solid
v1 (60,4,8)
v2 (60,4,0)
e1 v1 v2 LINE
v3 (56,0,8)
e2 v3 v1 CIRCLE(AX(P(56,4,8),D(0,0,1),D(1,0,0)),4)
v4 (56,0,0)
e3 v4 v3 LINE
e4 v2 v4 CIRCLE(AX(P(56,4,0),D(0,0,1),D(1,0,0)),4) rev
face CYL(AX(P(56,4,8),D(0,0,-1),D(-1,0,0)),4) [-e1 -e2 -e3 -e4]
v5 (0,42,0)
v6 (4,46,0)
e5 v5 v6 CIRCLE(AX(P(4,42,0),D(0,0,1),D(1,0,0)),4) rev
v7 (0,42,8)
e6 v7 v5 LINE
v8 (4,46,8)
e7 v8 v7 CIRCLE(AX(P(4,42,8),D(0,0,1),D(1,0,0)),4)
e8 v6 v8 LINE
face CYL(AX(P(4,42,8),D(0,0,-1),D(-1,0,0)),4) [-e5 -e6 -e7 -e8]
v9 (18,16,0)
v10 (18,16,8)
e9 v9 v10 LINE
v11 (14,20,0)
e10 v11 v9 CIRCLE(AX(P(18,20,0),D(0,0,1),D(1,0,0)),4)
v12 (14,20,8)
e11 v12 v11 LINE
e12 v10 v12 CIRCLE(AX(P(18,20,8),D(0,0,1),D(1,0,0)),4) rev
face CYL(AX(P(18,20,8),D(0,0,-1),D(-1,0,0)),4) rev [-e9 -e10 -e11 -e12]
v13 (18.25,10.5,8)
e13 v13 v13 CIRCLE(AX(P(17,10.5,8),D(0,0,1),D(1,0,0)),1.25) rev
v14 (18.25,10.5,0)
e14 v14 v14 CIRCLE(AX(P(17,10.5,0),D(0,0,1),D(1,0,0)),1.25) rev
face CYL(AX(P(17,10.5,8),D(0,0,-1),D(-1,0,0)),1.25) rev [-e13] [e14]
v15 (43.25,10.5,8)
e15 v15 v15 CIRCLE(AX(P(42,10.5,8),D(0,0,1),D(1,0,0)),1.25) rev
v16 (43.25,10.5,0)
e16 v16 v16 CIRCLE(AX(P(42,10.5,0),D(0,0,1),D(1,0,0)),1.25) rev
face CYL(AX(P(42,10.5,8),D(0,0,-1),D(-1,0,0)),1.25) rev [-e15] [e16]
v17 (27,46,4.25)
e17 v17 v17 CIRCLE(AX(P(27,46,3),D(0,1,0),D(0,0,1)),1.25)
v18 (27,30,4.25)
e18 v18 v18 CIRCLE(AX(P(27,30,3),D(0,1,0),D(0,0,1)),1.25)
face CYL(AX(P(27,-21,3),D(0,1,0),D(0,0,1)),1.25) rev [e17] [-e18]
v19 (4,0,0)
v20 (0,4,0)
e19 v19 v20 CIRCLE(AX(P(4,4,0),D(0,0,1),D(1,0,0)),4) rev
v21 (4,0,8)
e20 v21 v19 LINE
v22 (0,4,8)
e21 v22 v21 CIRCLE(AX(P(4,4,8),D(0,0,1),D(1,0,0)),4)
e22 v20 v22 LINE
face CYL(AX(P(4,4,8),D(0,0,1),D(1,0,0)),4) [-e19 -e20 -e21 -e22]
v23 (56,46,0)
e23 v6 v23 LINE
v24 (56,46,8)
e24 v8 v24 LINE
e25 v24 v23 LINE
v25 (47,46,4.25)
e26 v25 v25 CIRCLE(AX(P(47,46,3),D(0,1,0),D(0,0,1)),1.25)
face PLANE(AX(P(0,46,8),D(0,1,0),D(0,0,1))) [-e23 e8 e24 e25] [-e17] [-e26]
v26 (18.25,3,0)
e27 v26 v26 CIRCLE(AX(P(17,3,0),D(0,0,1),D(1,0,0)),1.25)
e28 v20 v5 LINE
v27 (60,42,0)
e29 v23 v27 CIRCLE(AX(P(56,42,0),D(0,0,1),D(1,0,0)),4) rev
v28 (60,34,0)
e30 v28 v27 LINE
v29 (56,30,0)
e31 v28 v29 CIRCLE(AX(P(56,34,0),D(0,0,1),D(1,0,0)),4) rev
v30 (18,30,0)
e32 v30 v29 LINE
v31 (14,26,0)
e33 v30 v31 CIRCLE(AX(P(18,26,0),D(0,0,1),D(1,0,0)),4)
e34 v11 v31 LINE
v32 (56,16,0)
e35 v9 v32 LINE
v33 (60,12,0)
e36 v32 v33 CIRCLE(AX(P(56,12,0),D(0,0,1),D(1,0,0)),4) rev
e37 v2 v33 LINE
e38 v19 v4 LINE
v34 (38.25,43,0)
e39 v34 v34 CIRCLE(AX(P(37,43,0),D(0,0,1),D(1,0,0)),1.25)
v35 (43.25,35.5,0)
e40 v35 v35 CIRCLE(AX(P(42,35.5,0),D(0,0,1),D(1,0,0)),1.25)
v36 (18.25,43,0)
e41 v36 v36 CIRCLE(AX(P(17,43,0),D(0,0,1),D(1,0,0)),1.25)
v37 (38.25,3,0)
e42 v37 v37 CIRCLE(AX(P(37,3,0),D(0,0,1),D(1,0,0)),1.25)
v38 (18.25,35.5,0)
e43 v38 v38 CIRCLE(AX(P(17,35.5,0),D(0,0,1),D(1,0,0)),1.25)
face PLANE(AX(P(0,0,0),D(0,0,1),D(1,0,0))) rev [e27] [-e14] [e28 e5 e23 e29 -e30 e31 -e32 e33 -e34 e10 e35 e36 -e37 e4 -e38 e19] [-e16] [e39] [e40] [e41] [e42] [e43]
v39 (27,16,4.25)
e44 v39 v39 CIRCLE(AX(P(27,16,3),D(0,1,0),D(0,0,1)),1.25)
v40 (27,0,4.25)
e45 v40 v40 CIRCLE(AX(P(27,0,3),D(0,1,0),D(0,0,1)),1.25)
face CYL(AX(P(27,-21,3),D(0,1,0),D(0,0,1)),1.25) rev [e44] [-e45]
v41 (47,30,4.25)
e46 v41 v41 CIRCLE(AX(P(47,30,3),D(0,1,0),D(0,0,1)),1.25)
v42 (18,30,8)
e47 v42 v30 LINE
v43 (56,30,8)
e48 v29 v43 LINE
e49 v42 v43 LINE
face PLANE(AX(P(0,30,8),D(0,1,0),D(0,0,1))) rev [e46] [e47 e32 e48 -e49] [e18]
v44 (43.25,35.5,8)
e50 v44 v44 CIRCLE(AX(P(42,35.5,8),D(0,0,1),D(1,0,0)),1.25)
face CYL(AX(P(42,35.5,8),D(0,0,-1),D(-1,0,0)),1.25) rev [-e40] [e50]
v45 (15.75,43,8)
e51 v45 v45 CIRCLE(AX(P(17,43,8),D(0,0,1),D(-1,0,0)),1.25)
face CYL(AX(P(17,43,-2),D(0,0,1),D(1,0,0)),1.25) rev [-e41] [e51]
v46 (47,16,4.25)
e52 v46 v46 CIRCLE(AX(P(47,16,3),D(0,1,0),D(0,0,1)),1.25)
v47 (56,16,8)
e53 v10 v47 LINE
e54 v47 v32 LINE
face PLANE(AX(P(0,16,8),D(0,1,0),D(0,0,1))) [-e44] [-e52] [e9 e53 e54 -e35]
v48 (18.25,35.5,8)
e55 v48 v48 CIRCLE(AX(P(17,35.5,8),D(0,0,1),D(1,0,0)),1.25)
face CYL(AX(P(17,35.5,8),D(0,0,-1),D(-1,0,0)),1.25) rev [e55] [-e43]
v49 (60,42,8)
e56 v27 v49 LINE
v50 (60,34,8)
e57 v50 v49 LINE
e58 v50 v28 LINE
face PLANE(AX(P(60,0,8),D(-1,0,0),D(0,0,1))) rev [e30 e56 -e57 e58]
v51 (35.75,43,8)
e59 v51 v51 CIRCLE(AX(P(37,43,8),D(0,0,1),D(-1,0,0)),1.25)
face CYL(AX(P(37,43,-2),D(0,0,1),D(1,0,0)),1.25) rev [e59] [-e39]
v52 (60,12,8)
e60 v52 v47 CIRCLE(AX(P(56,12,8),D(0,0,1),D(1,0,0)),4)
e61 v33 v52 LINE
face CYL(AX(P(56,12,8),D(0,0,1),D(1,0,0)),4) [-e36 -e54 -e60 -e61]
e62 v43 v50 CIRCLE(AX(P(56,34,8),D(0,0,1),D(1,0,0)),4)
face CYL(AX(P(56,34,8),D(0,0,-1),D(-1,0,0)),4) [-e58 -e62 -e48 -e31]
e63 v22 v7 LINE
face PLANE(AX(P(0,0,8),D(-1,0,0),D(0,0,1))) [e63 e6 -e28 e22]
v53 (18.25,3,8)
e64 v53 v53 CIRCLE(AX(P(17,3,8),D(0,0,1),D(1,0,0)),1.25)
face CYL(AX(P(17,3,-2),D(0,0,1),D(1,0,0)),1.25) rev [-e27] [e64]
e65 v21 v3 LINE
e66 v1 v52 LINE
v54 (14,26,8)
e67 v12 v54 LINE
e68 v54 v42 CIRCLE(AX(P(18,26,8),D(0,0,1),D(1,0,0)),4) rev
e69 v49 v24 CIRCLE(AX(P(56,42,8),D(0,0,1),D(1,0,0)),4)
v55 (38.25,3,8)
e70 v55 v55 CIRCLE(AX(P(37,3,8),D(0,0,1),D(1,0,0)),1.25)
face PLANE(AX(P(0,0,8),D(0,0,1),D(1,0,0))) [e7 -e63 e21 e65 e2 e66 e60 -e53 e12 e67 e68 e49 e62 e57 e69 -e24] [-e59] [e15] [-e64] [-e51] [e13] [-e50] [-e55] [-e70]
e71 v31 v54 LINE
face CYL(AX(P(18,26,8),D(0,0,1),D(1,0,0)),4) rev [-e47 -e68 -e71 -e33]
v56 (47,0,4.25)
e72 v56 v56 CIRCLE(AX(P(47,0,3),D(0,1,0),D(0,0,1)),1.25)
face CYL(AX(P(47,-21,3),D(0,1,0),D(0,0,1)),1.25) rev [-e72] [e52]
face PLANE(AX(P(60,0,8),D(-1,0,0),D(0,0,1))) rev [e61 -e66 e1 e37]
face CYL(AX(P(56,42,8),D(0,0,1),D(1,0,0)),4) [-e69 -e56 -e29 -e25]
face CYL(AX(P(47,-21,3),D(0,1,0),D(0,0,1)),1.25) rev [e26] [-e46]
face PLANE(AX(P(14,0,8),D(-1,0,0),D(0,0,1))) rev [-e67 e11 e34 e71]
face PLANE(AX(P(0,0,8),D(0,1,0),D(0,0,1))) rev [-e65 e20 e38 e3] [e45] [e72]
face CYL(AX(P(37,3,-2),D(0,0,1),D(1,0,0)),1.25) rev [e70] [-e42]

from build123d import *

# Parameters (mm, degrees)
SKETCH_1_R          = 1.25
EXTRUDE_1_DEPTH     = 8
FILLET_1_R          = 4
SKETCH_2_R          = 1.25
CUT_EXTRUDE_1_DEPTH = 10
SKETCH_3_R          = 1.25
CUT_EXTRUDE_2_DEPTH = 67


with BuildPart() as part:
    # 草图1 → 凸台-拉伸1 (new body)
    # profile 1 of 2: a face of its own
    with BuildSketch(Plane.XY):
        Polygon((0, 46), (0, 23), (14, 23), (14, 30), (60, 30), (60, 46), align=None)
        with Locations((17, 35.5)):
            Circle(SKETCH_1_R, mode=Mode.SUBTRACT)
        with Locations((42, 35.5)):
            Circle(SKETCH_1_R, mode=Mode.SUBTRACT)
    # profile 2 of 2: a face of its own
    with BuildSketch(Plane.XY):
        Polygon((14, 23), (0, 23), (0, 0), (60, 0), (60, 16), (14, 16), align=None)
        with Locations((17, 10.5)):
            Circle(SKETCH_1_R, mode=Mode.SUBTRACT)
        with Locations((42, 10.5)):
            Circle(SKETCH_1_R, mode=Mode.SUBTRACT)
    extrude(amount=EXTRUDE_1_DEPTH)

    # 圆角1
    fillet_1_edges = [part.edges().sort_by_distance(p)[0] for p in [
        (0, 46, 4),
        (60, 46, 4),
        (60, 30, 4),
        (14, 30, 4),
        (14, 16, 4),
        (60, 16, 4),
        (60, 0, 4),
        (0, 0, 4),
    ]]
    fillet(fillet_1_edges, radius=FILLET_1_R)

    # 草图2 → 切除-拉伸1 (cut)
    with BuildSketch(Plane.XY.offset(8)):
        with Locations((17, 3)):
            Circle(SKETCH_2_R)
        with Locations((37, 3)):
            Circle(SKETCH_2_R)
        with Locations((37, 43)):
            Circle(SKETCH_2_R)
        with Locations((17, 43)):
            Circle(SKETCH_2_R)
    extrude(amount=-CUT_EXTRUDE_1_DEPTH, mode=Mode.SUBTRACT)

    # 草图3 → 切除-拉伸2 (cut)
    with BuildSketch(Plane(origin=(0, 46, 0), x_dir=(1, 0, 0), z_dir=(0, 1, 0))):
        with Locations(Location((27, -3, 0), (0, 0, 270))):
            Circle(SKETCH_3_R)
        with Locations(Location((47, -3, 0), (0, 0, 270))):
            Circle(SKETCH_3_R)
    extrude(amount=-CUT_EXTRUDE_2_DEPTH, mode=Mode.SUBTRACT)


solid = part.part
